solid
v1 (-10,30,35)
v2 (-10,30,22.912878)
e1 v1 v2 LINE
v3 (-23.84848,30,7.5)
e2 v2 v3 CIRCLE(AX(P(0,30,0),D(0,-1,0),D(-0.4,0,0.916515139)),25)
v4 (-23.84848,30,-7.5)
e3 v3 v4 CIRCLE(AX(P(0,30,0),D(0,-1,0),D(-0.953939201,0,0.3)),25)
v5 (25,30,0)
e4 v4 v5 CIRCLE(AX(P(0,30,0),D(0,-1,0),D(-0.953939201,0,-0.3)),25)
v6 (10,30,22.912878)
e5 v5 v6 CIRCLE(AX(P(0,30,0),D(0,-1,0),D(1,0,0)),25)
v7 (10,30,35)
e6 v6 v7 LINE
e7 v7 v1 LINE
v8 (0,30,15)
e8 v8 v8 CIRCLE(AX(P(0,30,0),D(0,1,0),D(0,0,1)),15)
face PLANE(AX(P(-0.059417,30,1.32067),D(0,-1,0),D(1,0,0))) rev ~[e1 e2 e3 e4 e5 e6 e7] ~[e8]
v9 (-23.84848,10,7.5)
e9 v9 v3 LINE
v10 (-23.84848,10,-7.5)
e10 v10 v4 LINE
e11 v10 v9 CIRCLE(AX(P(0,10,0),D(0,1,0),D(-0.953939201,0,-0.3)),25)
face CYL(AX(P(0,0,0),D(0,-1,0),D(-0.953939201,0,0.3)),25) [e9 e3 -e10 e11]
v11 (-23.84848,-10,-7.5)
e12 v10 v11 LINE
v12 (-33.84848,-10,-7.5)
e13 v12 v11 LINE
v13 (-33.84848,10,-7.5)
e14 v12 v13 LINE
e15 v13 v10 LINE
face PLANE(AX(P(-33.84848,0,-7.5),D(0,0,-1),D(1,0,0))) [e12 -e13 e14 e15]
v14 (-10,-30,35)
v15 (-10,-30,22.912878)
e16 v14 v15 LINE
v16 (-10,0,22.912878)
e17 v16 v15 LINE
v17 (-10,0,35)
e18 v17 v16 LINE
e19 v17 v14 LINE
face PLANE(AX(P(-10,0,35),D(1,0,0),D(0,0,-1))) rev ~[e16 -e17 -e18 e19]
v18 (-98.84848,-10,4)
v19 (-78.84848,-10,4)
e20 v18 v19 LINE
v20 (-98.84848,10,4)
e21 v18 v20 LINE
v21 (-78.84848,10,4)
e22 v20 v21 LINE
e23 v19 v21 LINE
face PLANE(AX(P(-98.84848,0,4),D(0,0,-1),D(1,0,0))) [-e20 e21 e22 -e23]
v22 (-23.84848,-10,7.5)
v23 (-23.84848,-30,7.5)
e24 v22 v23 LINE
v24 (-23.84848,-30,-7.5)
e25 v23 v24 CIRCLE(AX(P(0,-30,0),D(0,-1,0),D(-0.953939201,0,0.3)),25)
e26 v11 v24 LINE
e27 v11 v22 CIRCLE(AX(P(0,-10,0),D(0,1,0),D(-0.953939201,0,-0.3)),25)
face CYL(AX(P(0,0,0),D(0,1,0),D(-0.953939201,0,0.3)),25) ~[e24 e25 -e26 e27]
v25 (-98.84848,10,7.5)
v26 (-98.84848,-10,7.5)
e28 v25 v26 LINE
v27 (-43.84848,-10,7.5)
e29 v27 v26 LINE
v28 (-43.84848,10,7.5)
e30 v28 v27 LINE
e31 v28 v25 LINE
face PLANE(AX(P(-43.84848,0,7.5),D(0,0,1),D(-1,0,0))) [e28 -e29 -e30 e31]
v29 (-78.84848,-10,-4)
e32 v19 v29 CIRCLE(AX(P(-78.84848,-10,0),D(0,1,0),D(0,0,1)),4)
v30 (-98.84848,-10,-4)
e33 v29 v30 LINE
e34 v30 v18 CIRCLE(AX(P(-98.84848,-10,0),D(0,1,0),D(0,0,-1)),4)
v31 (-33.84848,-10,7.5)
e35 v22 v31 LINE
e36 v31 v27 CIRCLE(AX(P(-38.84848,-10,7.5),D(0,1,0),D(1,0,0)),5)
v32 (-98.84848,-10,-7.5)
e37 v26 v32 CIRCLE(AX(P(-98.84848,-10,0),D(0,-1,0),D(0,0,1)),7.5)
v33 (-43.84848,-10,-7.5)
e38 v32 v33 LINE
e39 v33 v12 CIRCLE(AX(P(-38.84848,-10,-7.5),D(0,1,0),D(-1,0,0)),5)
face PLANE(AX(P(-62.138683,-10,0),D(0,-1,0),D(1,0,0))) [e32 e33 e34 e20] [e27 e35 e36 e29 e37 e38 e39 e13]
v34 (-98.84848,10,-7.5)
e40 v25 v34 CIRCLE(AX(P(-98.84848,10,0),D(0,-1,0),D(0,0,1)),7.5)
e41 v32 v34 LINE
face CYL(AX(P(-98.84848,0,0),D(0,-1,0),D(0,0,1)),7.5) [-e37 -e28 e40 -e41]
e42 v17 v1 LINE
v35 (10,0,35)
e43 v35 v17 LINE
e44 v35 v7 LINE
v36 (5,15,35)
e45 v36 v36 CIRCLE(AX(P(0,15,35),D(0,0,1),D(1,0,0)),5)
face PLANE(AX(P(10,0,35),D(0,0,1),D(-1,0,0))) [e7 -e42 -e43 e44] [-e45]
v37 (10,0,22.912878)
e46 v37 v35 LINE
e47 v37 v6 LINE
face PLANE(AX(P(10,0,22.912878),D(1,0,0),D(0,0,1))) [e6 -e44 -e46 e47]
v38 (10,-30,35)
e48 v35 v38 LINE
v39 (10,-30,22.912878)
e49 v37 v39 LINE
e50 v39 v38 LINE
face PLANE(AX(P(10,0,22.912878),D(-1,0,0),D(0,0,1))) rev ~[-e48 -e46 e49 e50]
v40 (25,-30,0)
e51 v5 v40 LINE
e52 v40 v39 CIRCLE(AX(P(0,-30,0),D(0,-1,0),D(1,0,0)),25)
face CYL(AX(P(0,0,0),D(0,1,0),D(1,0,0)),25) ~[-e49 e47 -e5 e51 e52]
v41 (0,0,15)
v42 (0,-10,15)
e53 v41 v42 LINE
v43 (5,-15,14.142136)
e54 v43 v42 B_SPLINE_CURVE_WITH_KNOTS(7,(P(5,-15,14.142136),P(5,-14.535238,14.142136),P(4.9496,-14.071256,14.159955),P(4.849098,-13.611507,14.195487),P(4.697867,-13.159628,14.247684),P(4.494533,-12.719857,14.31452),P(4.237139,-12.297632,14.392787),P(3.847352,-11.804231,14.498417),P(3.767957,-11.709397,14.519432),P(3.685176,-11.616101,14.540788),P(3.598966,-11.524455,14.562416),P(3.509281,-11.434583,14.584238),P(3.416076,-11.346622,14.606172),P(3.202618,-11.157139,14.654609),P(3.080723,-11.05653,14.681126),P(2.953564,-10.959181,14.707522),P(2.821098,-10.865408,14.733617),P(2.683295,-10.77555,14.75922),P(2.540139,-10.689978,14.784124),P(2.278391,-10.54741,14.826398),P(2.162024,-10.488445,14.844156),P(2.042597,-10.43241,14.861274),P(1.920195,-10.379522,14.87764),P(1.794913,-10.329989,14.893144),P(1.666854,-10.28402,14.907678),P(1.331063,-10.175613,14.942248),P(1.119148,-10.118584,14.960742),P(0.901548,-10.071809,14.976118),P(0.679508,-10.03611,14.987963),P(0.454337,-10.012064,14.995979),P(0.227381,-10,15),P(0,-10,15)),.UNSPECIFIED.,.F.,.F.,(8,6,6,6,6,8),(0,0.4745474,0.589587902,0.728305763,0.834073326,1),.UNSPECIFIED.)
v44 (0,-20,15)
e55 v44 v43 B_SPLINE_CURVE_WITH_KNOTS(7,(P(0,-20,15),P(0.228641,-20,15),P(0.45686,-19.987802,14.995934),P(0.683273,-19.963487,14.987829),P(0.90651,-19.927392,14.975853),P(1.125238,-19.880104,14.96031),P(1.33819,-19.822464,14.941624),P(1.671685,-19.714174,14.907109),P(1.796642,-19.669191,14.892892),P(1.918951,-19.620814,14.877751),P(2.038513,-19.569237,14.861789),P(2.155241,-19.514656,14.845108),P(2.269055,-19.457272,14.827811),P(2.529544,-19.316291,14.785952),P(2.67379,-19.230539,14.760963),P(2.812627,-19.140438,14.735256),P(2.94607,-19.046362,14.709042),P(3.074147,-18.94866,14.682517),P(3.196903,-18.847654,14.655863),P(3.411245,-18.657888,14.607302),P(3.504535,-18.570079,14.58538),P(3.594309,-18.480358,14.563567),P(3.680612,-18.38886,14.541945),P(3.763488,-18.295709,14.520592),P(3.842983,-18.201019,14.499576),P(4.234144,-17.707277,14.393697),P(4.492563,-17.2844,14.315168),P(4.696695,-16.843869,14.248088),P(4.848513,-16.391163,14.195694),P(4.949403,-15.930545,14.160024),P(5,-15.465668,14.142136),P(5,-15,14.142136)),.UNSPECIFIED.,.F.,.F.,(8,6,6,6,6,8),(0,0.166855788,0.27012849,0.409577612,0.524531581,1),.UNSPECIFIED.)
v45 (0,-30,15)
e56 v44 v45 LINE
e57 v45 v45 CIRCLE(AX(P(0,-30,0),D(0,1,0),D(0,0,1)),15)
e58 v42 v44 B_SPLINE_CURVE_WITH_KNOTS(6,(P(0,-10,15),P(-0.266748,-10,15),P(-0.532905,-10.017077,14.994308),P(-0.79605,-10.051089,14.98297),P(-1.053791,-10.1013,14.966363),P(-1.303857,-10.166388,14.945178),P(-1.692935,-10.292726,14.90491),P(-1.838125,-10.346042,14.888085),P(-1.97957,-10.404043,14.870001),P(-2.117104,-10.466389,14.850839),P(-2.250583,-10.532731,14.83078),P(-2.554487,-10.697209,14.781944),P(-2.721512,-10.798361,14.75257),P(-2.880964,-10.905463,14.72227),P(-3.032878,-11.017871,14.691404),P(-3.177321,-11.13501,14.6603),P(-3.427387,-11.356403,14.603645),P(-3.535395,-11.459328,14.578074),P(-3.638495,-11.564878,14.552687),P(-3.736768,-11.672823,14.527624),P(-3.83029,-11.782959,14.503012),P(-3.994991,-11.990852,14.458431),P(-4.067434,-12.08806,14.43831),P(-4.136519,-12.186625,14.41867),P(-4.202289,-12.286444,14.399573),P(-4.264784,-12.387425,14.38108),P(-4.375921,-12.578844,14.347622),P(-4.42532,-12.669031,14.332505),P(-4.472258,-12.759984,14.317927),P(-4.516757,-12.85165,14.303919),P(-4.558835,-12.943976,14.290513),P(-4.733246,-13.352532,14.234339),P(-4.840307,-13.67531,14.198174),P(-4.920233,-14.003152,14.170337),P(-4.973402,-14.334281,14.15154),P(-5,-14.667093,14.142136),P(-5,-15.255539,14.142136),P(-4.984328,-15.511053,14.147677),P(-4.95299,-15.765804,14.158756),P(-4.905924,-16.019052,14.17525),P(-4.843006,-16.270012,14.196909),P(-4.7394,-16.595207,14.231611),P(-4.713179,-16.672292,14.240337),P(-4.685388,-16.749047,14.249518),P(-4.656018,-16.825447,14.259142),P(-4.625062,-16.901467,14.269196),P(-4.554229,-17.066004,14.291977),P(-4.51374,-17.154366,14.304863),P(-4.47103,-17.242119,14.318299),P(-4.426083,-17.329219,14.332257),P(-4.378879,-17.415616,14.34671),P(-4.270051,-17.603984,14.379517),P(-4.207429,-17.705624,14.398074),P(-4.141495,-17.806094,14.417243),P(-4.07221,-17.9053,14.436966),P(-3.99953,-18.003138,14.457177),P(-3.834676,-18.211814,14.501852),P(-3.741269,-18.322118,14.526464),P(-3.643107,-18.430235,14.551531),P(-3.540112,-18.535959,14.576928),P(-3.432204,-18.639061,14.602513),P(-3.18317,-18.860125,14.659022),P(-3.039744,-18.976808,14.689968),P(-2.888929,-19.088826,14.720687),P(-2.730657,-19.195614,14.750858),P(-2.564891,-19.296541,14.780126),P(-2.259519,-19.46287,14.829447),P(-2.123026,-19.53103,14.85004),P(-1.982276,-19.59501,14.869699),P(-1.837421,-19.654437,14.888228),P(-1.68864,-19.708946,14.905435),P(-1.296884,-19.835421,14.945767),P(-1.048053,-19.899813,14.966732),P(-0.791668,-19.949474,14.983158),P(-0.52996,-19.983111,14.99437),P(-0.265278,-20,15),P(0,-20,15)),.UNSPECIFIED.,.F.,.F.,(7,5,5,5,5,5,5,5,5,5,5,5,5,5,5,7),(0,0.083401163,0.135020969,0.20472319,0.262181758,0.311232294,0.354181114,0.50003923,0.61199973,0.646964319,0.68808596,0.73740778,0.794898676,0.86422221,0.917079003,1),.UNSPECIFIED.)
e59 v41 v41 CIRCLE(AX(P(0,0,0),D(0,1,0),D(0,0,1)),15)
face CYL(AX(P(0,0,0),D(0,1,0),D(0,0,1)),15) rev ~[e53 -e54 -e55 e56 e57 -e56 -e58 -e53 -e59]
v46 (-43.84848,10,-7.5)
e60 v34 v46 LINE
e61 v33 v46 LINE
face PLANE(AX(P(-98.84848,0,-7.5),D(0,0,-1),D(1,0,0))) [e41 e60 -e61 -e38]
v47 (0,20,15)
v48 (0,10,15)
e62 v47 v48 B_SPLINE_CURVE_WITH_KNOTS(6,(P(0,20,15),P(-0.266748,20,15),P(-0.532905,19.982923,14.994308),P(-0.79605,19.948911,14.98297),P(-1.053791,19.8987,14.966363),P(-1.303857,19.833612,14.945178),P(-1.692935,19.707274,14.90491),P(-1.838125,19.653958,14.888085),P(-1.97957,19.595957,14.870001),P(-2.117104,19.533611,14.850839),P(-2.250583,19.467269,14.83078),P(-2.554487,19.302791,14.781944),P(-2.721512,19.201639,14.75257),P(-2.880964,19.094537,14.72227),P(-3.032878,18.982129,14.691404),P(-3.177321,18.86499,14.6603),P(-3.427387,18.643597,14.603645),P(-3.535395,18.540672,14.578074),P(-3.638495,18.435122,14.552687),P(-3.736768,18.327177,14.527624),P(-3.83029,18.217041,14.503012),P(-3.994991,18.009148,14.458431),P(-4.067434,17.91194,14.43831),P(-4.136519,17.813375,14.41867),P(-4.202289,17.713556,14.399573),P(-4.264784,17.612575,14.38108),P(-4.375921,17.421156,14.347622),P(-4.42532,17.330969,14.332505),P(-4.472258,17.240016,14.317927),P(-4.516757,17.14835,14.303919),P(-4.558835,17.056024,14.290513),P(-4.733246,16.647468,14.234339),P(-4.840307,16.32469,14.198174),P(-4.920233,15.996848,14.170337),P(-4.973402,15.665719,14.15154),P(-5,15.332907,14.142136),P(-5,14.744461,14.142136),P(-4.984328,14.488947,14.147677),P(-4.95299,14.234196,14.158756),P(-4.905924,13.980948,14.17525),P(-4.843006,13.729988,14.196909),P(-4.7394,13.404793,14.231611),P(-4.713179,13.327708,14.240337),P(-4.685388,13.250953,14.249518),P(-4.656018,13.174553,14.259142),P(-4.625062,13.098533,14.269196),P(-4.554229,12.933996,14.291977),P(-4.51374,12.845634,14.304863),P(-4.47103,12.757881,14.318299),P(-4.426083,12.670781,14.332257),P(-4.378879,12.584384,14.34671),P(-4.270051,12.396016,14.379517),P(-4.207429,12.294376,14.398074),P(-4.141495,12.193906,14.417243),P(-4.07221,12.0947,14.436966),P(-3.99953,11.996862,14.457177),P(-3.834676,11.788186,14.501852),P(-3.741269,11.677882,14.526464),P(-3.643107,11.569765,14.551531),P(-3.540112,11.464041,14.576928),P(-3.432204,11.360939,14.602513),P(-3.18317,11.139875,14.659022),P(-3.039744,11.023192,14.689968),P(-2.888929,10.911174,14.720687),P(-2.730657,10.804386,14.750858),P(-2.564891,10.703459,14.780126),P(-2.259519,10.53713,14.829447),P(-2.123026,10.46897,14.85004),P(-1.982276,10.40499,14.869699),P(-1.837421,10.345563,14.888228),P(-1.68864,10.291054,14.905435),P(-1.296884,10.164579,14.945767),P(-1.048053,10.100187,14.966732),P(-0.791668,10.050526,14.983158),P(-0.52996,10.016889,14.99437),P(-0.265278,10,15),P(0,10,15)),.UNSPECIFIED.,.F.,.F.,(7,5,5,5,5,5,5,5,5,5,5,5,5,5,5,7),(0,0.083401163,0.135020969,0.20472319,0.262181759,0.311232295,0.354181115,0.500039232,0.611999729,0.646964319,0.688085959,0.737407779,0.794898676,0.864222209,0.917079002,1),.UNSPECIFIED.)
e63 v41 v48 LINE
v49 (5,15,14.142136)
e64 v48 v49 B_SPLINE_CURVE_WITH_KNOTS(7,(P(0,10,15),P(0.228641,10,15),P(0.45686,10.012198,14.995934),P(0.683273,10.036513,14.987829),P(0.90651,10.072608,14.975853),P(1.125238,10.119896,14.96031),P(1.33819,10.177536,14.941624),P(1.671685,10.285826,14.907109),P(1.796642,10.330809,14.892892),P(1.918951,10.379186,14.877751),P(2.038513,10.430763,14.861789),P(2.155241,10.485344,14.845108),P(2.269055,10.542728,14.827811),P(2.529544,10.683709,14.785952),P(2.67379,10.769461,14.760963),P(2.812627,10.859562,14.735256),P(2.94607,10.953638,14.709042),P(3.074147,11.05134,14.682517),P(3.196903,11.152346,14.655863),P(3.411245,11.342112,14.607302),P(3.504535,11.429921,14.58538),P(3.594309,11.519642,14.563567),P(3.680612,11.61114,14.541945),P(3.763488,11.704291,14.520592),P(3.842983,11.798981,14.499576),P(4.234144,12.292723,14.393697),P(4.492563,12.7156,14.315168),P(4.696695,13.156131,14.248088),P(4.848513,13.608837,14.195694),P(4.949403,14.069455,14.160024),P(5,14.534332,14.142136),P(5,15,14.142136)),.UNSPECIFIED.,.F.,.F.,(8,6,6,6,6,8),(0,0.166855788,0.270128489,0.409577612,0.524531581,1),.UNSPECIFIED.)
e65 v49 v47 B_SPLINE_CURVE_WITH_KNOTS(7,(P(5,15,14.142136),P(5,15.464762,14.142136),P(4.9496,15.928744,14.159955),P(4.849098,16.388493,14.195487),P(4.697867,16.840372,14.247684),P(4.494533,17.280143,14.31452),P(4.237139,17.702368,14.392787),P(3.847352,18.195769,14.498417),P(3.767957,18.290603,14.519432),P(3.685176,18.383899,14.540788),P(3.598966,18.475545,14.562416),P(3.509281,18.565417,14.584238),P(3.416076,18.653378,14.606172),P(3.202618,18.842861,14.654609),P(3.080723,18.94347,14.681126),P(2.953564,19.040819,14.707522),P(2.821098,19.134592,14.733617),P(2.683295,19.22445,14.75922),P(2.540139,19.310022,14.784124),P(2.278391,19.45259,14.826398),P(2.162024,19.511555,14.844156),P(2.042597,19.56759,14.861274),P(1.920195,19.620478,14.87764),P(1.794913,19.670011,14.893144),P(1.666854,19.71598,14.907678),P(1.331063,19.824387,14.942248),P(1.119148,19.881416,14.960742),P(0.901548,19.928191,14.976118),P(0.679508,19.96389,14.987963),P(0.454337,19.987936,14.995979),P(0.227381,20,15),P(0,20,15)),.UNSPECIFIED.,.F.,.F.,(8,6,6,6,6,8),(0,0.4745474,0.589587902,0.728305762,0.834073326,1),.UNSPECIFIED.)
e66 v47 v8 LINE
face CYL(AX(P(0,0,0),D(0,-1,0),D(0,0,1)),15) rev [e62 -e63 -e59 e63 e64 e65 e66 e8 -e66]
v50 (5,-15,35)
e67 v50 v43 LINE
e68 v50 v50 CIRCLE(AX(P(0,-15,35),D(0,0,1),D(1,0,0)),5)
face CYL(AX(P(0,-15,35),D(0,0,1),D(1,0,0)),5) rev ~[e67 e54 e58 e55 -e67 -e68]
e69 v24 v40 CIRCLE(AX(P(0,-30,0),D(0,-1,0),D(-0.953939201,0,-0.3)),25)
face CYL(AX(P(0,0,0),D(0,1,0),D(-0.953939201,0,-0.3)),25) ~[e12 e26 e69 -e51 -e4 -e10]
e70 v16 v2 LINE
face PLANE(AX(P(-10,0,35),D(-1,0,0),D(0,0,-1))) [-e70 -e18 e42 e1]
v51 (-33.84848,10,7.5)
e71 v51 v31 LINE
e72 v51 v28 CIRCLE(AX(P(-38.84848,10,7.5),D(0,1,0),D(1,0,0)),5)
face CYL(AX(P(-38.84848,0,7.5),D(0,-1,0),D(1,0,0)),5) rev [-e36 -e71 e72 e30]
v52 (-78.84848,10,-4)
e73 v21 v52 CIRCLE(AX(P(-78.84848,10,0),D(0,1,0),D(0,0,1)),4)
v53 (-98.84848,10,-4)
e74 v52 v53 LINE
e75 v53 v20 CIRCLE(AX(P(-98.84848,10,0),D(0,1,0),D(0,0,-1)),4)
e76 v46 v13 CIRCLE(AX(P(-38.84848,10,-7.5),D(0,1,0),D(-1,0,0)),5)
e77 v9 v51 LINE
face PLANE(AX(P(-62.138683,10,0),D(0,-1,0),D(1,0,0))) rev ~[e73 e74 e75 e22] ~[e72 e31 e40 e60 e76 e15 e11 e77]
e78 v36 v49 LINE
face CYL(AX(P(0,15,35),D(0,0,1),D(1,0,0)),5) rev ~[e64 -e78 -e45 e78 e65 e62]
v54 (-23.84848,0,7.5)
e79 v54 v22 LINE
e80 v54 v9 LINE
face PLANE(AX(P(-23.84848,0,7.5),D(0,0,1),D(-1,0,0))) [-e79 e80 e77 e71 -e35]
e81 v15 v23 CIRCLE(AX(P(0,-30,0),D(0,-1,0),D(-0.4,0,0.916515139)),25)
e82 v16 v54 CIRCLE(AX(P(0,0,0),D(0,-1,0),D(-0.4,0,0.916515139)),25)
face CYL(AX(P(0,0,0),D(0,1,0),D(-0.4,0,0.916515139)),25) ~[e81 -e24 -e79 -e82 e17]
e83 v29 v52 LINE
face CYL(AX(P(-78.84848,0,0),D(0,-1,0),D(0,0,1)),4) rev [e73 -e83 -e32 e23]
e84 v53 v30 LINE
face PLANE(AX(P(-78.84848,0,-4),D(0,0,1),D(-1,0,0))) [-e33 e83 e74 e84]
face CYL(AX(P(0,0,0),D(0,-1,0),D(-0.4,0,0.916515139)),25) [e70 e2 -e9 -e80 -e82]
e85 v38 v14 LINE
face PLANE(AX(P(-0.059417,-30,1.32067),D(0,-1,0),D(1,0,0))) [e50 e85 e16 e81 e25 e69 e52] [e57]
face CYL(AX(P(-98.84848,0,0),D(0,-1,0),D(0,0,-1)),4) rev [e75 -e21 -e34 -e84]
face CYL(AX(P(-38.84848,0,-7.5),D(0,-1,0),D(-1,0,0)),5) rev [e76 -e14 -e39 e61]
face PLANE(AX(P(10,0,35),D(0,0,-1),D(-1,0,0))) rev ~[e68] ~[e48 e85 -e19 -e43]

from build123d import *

# Parameters (mm, degrees)
F1_DEPTH = 30
F2_DEPTH = 10
F3_R     = 5
F4_DEPTH = 20.8588644763


with BuildPart() as f1:
    # F0 (on Front) → F1 (new body, symmetric)
    with BuildSketch(Plane.XZ):
        with BuildLine():
            ThreePointArc((-10, 22.9128784748), (-18.5962121384, 16.7087071344), (-23.8484800354, 7.5))
            Line((-23.8484800354, 7.5), (-23.8484800354, -7.5))
            ThreePointArc((-23.8484800354, -7.5), (3.7939424821, -24.7104431454), (25, 0))
            ThreePointArc((25, 0), (20.9165006634, 13.6930639376), (10, 22.9128784748))
            Line((10, 22.9128784748), (10, 15))
            Line((10, 15), (0, 15))
            Line((0, 15), (-10, 15))
            Line((-10, 15), (-10, 22.9128784748))
        make_face()
        with BuildLine():
            ThreePointArc((15, 0), (-10.6066017178, -10.6066017178), (0, 15))
            ThreePointArc((0, 15), (10.6066017178, 10.6066017178), (15, 0))
        make_face(mode=Mode.SUBTRACT)
        with BuildLine():
            ThreePointArc((10, 22.9128784748), (0, 25), (-10, 22.9128784748))
            Line((-10, 22.9128784748), (-10, 15))
            Line((-10, 15), (0, 15))
            Line((0, 15), (10, 15))
            Line((10, 15), (10, 22.9128784748))
        make_face()
        with BuildLine():
            Line((-23.8484800354, -7.5), (-23.8484800354, 7.5))
            ThreePointArc((-23.8484800354, 7.5), (-25, 0), (-23.8484800354, -7.5))
        make_face()
        with BuildLine():
            Line((-10, 35), (-10, 22.9128784748))
            ThreePointArc((-10, 22.9128784748), (0, 25), (10, 22.9128784748))
            Line((10, 22.9128784748), (10, 35))
            Line((10, 35), (-10, 35))
        make_face()
    extrude(amount=F1_DEPTH, both=True)

    # F0 (on Front) → F2 (join, symmetric)
    with BuildSketch(Plane.XZ):
        with BuildLine():
            ThreePointArc((-23.8484800354, -7.5), (-25, 0), (-23.8484800354, 7.5))
            Line((-23.8484800354, 7.5), (-33.8484800354, 7.5))
            ThreePointArc((-33.8484800354, 7.5), (-38.8484800354, 2.5), (-43.8484800354, 7.5))
            Line((-43.8484800354, 7.5), (-98.8484800354, 7.5))
            ThreePointArc((-98.8484800354, 7.5), (-106.3484800354, 0), (-98.8484800354, -7.5))
            Line((-98.8484800354, -7.5), (-43.8484800354, -7.5))
            ThreePointArc((-43.8484800354, -7.5), (-38.8484800354, -2.5), (-33.8484800354, -7.5))
            Line((-33.8484800354, -7.5), (-23.8484800354, -7.5))
        make_face()
        with BuildLine():
            ThreePointArc((-98.8484800354, -4), (-102.8484800354, 0), (-98.8484800354, 4))
            Line((-98.8484800354, 4), (-78.8484800354, 4))
            ThreePointArc((-78.8484800354, 4), (-74.8484800354, 0), (-78.8484800354, -4))
            Line((-78.8484800354, -4), (-98.8484800354, -4))
        make_face(mode=Mode.SUBTRACT)
    extrude(amount=F2_DEPTH, both=True)

    # F3 (on face) → F4 (cut, through all)
    with BuildSketch(Plane.XY.offset(35)):
        with Locations((0, 15)):
            Circle(F3_R)
        with Locations((0, -15)):
            Circle(F3_R)
    extrude(amount=-F4_DEPTH, mode=Mode.SUBTRACT)


solid = f1.part
